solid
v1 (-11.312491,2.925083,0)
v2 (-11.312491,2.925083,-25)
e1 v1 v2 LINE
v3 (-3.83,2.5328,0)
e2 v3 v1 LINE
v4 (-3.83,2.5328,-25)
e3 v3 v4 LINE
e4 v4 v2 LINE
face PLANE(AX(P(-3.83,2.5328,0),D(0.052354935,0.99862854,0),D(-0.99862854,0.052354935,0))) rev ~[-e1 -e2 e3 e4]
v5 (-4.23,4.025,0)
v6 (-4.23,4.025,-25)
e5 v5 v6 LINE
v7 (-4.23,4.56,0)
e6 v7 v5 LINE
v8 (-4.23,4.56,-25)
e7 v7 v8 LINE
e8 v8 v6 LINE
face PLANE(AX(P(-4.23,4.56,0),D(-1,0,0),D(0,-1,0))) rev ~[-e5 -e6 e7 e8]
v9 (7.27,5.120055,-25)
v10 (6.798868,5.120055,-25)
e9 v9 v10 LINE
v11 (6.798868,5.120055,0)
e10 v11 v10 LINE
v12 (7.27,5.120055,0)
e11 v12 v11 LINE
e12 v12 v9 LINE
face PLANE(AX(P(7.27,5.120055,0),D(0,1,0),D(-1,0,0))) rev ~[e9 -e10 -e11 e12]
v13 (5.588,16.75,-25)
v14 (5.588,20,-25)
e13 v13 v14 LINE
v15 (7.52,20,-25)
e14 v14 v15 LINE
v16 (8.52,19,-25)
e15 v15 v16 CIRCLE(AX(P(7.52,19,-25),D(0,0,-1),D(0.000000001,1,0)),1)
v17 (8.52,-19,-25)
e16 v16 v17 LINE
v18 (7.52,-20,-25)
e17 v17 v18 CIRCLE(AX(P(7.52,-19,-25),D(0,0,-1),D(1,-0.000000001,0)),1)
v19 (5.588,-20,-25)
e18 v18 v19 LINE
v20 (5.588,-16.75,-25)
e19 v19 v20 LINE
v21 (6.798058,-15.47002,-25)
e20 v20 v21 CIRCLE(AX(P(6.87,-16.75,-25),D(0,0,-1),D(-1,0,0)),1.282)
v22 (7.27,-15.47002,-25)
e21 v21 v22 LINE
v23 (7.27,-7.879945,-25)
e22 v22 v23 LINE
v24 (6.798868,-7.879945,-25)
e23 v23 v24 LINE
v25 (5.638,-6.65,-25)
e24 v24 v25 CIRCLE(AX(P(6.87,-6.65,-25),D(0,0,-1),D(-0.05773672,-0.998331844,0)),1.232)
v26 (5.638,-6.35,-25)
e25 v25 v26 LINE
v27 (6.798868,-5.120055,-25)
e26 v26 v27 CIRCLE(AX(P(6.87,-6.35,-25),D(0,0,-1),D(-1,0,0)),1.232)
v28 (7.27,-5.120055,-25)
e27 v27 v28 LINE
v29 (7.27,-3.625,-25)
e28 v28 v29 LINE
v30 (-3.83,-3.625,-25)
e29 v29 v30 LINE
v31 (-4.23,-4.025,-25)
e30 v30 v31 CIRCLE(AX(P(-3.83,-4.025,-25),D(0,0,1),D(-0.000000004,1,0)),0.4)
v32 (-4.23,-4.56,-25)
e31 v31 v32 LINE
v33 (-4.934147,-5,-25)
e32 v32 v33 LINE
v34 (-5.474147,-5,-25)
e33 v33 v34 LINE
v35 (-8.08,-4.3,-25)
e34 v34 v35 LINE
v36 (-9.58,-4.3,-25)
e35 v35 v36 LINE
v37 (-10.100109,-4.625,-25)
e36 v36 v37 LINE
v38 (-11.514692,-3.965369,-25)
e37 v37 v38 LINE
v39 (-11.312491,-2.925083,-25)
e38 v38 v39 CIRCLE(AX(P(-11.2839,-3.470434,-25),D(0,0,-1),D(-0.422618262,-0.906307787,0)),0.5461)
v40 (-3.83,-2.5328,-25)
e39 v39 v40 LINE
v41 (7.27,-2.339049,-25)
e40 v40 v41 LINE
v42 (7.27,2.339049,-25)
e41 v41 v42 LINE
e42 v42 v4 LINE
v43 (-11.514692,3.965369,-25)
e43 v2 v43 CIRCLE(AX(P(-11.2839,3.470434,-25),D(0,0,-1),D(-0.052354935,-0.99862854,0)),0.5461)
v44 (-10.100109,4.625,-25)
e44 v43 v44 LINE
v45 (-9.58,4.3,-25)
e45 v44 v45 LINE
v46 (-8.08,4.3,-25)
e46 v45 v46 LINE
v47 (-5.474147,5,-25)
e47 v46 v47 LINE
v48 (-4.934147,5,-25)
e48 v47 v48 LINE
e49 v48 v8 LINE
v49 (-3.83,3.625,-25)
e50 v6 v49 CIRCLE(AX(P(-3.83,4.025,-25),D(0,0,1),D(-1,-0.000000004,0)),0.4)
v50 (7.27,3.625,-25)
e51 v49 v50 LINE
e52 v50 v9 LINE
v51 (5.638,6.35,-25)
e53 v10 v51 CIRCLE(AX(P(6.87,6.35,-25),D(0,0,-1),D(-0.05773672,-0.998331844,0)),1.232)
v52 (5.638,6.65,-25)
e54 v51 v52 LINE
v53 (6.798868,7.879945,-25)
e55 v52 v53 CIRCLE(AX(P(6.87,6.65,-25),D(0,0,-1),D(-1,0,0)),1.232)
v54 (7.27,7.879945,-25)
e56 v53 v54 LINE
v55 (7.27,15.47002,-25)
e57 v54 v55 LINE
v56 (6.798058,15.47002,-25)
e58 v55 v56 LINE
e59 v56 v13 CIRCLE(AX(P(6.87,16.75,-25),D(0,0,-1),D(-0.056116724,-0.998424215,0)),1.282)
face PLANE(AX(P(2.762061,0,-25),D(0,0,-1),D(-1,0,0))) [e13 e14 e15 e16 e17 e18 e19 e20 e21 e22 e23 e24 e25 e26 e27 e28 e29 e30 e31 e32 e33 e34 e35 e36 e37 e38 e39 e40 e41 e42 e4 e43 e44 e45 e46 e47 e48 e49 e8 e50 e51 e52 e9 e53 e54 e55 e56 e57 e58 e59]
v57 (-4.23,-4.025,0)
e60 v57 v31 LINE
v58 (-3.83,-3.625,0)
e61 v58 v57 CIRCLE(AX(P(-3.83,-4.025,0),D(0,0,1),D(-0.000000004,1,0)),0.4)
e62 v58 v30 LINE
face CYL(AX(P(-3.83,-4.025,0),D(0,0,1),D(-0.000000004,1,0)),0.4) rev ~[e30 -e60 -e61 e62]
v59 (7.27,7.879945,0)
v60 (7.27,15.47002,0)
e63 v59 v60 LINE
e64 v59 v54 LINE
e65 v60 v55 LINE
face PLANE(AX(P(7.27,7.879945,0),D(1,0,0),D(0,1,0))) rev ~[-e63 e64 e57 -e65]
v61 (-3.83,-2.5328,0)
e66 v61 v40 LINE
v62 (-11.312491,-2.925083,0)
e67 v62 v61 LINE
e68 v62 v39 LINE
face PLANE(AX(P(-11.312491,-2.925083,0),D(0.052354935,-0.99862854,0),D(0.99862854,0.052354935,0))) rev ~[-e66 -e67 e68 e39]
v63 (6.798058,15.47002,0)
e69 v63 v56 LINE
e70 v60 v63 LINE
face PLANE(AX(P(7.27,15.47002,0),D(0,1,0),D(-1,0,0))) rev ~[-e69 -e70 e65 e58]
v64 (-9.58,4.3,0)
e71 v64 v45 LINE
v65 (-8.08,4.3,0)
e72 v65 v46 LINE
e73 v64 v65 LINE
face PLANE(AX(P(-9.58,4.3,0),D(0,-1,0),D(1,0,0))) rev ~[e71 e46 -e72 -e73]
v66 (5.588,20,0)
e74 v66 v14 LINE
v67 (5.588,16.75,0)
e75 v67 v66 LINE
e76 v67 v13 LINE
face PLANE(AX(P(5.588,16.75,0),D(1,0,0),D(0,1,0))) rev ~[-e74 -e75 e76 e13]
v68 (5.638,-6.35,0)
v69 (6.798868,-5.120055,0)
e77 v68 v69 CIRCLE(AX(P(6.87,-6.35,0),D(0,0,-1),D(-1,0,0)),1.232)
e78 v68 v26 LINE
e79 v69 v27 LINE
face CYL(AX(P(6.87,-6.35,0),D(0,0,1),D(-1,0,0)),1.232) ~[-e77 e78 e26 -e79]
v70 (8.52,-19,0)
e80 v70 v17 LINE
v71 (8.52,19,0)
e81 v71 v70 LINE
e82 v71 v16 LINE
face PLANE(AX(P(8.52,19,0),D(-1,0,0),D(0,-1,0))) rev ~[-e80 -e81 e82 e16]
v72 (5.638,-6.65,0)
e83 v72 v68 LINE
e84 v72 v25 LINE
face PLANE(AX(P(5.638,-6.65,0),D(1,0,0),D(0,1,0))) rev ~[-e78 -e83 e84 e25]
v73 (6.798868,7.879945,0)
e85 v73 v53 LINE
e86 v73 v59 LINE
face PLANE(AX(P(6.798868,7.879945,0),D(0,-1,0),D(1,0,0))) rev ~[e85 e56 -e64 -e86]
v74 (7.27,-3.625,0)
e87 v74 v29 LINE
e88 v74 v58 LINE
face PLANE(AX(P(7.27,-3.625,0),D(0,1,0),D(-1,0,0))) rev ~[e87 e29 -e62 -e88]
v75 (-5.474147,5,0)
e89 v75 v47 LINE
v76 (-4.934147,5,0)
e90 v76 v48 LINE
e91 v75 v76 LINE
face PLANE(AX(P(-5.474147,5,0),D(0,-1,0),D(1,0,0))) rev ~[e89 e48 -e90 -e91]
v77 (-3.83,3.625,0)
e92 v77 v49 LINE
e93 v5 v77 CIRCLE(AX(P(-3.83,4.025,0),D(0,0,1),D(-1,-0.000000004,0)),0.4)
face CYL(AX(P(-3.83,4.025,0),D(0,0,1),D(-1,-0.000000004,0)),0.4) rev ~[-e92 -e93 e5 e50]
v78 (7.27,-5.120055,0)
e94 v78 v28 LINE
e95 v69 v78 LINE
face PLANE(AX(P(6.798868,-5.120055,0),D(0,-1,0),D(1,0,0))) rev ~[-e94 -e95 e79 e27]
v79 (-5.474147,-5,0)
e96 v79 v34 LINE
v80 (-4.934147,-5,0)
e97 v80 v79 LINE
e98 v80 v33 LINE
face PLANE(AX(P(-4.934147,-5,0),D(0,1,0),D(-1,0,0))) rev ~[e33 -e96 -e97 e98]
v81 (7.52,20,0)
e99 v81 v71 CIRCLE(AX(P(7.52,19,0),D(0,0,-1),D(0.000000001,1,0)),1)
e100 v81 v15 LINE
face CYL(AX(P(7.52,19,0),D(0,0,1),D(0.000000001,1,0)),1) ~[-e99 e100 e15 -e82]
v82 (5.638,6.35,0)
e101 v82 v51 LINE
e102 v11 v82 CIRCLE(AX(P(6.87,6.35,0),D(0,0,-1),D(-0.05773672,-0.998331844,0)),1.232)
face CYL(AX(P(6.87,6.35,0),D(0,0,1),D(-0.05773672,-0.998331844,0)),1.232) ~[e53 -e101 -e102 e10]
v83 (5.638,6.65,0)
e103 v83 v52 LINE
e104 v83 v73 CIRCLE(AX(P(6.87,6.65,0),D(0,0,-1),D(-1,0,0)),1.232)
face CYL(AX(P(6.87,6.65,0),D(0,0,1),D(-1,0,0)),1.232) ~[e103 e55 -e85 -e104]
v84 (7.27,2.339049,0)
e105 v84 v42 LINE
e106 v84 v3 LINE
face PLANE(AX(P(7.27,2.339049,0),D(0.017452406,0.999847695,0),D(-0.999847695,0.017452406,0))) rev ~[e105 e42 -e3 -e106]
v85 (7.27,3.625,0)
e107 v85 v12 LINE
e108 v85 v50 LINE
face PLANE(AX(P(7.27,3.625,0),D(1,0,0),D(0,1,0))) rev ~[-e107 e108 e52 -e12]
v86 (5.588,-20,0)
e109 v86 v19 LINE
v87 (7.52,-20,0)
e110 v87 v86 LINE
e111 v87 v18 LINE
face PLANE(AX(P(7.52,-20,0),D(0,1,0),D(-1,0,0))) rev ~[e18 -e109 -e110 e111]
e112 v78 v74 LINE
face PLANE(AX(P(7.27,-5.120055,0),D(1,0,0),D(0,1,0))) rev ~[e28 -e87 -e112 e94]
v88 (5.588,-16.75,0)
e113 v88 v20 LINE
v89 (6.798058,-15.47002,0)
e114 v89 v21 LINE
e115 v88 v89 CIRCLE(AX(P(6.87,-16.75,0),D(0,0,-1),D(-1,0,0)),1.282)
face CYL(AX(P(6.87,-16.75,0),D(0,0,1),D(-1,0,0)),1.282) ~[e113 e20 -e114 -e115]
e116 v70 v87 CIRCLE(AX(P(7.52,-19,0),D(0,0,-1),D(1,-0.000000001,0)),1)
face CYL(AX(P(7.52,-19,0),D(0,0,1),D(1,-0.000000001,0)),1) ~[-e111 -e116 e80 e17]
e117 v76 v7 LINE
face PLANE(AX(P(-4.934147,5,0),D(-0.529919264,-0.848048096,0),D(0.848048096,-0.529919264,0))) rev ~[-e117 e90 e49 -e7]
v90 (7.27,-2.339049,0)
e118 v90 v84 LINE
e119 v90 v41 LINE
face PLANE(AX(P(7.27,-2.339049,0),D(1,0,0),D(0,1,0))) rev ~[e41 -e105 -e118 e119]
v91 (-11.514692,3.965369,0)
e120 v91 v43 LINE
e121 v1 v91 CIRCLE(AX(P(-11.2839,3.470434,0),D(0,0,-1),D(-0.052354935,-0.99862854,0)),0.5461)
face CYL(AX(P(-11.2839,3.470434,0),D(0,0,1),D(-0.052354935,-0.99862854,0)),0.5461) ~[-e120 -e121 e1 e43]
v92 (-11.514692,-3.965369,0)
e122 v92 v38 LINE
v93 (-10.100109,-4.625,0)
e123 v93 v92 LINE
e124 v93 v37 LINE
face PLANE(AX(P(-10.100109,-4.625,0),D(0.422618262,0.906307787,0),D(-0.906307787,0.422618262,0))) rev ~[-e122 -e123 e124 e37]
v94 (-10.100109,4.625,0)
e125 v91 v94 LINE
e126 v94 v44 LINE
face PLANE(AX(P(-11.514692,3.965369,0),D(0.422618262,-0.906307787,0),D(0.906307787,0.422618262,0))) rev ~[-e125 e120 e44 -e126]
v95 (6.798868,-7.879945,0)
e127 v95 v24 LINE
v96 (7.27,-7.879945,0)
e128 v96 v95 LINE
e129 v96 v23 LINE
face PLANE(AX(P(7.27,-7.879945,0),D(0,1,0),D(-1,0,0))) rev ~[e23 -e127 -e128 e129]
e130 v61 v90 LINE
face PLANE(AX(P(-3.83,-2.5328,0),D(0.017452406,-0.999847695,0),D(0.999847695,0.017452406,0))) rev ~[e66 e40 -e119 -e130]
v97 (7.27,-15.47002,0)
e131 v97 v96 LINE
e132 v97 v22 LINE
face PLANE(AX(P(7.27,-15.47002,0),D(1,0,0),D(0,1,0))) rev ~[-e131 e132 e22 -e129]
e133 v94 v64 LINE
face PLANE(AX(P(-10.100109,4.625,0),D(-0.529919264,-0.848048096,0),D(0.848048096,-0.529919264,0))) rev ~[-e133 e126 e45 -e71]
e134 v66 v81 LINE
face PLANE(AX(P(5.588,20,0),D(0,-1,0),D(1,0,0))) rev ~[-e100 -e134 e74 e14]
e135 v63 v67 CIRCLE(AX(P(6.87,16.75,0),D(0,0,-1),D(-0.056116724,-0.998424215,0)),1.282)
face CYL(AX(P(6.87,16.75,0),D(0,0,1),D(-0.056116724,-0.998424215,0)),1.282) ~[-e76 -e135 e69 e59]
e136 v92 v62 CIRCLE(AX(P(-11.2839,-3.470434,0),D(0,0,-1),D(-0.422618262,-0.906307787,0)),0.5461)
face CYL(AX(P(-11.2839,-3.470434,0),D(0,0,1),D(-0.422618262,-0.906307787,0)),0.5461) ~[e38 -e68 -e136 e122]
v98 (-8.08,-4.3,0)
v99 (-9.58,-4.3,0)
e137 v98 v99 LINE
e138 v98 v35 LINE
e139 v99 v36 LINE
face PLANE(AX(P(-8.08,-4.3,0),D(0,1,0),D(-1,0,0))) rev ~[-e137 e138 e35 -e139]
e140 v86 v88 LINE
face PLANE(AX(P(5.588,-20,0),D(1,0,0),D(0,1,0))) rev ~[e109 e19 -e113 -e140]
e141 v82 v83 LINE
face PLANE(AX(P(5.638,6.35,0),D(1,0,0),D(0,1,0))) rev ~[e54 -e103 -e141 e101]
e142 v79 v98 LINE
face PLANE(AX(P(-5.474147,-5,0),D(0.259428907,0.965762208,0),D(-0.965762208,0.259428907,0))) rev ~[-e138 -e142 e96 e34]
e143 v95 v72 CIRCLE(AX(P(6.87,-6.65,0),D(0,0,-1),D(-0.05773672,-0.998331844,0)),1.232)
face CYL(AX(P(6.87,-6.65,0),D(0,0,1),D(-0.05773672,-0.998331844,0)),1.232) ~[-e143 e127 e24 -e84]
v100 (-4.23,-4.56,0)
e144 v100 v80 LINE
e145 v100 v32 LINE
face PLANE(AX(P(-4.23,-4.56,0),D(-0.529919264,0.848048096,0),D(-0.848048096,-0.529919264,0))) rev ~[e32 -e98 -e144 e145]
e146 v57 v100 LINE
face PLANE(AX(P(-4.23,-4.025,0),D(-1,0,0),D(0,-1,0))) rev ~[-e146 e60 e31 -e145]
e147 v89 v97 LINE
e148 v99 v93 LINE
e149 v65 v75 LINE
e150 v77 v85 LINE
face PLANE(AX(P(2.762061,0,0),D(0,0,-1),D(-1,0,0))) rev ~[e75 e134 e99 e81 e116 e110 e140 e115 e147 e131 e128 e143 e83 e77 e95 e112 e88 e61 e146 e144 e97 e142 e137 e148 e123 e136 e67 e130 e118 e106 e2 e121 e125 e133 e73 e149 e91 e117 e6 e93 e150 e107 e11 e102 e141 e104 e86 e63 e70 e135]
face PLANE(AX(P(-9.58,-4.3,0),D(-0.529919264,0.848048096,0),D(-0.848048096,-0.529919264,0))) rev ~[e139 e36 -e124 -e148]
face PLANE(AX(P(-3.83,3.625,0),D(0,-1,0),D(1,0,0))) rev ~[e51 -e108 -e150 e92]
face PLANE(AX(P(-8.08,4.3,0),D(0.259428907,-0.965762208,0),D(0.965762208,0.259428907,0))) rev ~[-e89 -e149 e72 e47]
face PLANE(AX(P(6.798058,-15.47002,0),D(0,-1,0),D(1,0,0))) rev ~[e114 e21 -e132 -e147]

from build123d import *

# Parameters (mm, degrees)
MAIN_EXTRUSION_DEPTH = 25


with BuildPart() as part:
    # Sk Main Extrusion → Main Extrusion (new body)
    with BuildSketch(Plane.XY):
        with BuildLine():
            Line((-3.83, 2.5328), (-11.31249103, 2.925083334))
            ThreePointArc((-11.31249103, 2.925083334), (-11.819967595, 3.366238681), (-11.514691833, 3.965369062))
            Line((-11.514691833, 3.965369062), (-10.100108722, 4.625))
            Line((-10.100108722, 4.625), (-9.58, 4.3))
            Line((-9.58, 4.3), (-8.08, 4.3))
            Line((-8.08, 4.3), (-5.474147193, 5))
            Line((-5.474147193, 5), (-4.934147193, 5))
            Line((-4.934147193, 5), (-4.23, 4.56))
            Line((-4.23, 4.56), (-4.23, 4.025))
            ThreePointArc((-4.23, 4.025), (-4.112842712, 3.742157288), (-3.83, 3.625))
            Line((-3.83, 3.625), (7.27, 3.625))
            Line((7.27, 3.625), (7.27, 5.120055168))
            Line((7.27, 5.120055168), (6.79886836, 5.120055168))
            ThreePointArc((6.79886836, 5.120055168), (5.9740485, 5.504367154), (5.638, 6.35))
            Line((5.638, 6.35), (5.638, 6.65))
            ThreePointArc((5.638, 6.65), (5.9740485, 7.495632846), (6.79886836, 7.879944832))
            Line((6.79886836, 7.879944832), (7.27, 7.879944832))
            Line((7.27, 7.879944832), (7.27, 15.470020156))
            Line((7.27, 15.470020156), (6.798058361, 15.470020156))
            ThreePointArc((6.798058361, 15.470020156), (5.938401057, 15.86929153), (5.588, 16.75))
            Line((5.588, 16.75), (5.588, 20))
            Line((5.588, 20), (7.52, 20))
            ThreePointArc((7.52, 20), (8.227106781, 19.707106781), (8.52, 19))
            Line((8.52, 19), (8.52, -19))
            ThreePointArc((8.52, -19), (8.227106781, -19.707106781), (7.52, -20))
            Line((7.52, -20), (5.588, -20))
            Line((5.588, -20), (5.588, -16.75))
            ThreePointArc((5.588, -16.75), (5.938401057, -15.86929153), (6.798058361, -15.470020156))
            Line((6.798058361, -15.470020156), (7.27, -15.470020156))
            Line((7.27, -15.470020156), (7.27, -7.879944832))
            Line((7.27, -7.879944832), (6.79886836, -7.879944832))
            ThreePointArc((6.79886836, -7.879944832), (5.9740485, -7.495632846), (5.638, -6.65))
            Line((5.638, -6.65), (5.638, -6.35))
            ThreePointArc((5.638, -6.35), (5.9740485, -5.504367154), (6.79886836, -5.120055168))
            Line((6.79886836, -5.120055168), (7.27, -5.120055168))
            Line((7.27, -5.120055168), (7.27, -3.625))
            Line((7.27, -3.625), (-3.83, -3.625))
            ThreePointArc((-3.83, -3.625), (-4.112842712, -3.742157288), (-4.23, -4.025))
            Line((-4.23, -4.025), (-4.23, -4.56))
            Line((-4.23, -4.56), (-4.934147193, -5))
            Line((-4.934147193, -5), (-5.474147193, -5))
            Line((-5.474147193, -5), (-8.08, -4.3))
            Line((-8.08, -4.3), (-9.58, -4.3))
            Line((-9.58, -4.3), (-10.100108722, -4.625))
            Line((-10.100108722, -4.625), (-11.514691833, -3.965369062))
            ThreePointArc((-11.514691833, -3.965369062), (-11.819967595, -3.366238681), (-11.31249103, -2.925083334))
            Line((-11.31249103, -2.925083334), (-3.83, -2.5328))
            Line((-3.83, -2.5328), (7.27, -2.339048779))
            Line((7.27, -2.339048779), (7.27, 2.339048779))
            Line((7.27, 2.339048779), (-3.83, 2.5328))
        make_face()
    extrude(amount=-MAIN_EXTRUSION_DEPTH)


solid = part.part
